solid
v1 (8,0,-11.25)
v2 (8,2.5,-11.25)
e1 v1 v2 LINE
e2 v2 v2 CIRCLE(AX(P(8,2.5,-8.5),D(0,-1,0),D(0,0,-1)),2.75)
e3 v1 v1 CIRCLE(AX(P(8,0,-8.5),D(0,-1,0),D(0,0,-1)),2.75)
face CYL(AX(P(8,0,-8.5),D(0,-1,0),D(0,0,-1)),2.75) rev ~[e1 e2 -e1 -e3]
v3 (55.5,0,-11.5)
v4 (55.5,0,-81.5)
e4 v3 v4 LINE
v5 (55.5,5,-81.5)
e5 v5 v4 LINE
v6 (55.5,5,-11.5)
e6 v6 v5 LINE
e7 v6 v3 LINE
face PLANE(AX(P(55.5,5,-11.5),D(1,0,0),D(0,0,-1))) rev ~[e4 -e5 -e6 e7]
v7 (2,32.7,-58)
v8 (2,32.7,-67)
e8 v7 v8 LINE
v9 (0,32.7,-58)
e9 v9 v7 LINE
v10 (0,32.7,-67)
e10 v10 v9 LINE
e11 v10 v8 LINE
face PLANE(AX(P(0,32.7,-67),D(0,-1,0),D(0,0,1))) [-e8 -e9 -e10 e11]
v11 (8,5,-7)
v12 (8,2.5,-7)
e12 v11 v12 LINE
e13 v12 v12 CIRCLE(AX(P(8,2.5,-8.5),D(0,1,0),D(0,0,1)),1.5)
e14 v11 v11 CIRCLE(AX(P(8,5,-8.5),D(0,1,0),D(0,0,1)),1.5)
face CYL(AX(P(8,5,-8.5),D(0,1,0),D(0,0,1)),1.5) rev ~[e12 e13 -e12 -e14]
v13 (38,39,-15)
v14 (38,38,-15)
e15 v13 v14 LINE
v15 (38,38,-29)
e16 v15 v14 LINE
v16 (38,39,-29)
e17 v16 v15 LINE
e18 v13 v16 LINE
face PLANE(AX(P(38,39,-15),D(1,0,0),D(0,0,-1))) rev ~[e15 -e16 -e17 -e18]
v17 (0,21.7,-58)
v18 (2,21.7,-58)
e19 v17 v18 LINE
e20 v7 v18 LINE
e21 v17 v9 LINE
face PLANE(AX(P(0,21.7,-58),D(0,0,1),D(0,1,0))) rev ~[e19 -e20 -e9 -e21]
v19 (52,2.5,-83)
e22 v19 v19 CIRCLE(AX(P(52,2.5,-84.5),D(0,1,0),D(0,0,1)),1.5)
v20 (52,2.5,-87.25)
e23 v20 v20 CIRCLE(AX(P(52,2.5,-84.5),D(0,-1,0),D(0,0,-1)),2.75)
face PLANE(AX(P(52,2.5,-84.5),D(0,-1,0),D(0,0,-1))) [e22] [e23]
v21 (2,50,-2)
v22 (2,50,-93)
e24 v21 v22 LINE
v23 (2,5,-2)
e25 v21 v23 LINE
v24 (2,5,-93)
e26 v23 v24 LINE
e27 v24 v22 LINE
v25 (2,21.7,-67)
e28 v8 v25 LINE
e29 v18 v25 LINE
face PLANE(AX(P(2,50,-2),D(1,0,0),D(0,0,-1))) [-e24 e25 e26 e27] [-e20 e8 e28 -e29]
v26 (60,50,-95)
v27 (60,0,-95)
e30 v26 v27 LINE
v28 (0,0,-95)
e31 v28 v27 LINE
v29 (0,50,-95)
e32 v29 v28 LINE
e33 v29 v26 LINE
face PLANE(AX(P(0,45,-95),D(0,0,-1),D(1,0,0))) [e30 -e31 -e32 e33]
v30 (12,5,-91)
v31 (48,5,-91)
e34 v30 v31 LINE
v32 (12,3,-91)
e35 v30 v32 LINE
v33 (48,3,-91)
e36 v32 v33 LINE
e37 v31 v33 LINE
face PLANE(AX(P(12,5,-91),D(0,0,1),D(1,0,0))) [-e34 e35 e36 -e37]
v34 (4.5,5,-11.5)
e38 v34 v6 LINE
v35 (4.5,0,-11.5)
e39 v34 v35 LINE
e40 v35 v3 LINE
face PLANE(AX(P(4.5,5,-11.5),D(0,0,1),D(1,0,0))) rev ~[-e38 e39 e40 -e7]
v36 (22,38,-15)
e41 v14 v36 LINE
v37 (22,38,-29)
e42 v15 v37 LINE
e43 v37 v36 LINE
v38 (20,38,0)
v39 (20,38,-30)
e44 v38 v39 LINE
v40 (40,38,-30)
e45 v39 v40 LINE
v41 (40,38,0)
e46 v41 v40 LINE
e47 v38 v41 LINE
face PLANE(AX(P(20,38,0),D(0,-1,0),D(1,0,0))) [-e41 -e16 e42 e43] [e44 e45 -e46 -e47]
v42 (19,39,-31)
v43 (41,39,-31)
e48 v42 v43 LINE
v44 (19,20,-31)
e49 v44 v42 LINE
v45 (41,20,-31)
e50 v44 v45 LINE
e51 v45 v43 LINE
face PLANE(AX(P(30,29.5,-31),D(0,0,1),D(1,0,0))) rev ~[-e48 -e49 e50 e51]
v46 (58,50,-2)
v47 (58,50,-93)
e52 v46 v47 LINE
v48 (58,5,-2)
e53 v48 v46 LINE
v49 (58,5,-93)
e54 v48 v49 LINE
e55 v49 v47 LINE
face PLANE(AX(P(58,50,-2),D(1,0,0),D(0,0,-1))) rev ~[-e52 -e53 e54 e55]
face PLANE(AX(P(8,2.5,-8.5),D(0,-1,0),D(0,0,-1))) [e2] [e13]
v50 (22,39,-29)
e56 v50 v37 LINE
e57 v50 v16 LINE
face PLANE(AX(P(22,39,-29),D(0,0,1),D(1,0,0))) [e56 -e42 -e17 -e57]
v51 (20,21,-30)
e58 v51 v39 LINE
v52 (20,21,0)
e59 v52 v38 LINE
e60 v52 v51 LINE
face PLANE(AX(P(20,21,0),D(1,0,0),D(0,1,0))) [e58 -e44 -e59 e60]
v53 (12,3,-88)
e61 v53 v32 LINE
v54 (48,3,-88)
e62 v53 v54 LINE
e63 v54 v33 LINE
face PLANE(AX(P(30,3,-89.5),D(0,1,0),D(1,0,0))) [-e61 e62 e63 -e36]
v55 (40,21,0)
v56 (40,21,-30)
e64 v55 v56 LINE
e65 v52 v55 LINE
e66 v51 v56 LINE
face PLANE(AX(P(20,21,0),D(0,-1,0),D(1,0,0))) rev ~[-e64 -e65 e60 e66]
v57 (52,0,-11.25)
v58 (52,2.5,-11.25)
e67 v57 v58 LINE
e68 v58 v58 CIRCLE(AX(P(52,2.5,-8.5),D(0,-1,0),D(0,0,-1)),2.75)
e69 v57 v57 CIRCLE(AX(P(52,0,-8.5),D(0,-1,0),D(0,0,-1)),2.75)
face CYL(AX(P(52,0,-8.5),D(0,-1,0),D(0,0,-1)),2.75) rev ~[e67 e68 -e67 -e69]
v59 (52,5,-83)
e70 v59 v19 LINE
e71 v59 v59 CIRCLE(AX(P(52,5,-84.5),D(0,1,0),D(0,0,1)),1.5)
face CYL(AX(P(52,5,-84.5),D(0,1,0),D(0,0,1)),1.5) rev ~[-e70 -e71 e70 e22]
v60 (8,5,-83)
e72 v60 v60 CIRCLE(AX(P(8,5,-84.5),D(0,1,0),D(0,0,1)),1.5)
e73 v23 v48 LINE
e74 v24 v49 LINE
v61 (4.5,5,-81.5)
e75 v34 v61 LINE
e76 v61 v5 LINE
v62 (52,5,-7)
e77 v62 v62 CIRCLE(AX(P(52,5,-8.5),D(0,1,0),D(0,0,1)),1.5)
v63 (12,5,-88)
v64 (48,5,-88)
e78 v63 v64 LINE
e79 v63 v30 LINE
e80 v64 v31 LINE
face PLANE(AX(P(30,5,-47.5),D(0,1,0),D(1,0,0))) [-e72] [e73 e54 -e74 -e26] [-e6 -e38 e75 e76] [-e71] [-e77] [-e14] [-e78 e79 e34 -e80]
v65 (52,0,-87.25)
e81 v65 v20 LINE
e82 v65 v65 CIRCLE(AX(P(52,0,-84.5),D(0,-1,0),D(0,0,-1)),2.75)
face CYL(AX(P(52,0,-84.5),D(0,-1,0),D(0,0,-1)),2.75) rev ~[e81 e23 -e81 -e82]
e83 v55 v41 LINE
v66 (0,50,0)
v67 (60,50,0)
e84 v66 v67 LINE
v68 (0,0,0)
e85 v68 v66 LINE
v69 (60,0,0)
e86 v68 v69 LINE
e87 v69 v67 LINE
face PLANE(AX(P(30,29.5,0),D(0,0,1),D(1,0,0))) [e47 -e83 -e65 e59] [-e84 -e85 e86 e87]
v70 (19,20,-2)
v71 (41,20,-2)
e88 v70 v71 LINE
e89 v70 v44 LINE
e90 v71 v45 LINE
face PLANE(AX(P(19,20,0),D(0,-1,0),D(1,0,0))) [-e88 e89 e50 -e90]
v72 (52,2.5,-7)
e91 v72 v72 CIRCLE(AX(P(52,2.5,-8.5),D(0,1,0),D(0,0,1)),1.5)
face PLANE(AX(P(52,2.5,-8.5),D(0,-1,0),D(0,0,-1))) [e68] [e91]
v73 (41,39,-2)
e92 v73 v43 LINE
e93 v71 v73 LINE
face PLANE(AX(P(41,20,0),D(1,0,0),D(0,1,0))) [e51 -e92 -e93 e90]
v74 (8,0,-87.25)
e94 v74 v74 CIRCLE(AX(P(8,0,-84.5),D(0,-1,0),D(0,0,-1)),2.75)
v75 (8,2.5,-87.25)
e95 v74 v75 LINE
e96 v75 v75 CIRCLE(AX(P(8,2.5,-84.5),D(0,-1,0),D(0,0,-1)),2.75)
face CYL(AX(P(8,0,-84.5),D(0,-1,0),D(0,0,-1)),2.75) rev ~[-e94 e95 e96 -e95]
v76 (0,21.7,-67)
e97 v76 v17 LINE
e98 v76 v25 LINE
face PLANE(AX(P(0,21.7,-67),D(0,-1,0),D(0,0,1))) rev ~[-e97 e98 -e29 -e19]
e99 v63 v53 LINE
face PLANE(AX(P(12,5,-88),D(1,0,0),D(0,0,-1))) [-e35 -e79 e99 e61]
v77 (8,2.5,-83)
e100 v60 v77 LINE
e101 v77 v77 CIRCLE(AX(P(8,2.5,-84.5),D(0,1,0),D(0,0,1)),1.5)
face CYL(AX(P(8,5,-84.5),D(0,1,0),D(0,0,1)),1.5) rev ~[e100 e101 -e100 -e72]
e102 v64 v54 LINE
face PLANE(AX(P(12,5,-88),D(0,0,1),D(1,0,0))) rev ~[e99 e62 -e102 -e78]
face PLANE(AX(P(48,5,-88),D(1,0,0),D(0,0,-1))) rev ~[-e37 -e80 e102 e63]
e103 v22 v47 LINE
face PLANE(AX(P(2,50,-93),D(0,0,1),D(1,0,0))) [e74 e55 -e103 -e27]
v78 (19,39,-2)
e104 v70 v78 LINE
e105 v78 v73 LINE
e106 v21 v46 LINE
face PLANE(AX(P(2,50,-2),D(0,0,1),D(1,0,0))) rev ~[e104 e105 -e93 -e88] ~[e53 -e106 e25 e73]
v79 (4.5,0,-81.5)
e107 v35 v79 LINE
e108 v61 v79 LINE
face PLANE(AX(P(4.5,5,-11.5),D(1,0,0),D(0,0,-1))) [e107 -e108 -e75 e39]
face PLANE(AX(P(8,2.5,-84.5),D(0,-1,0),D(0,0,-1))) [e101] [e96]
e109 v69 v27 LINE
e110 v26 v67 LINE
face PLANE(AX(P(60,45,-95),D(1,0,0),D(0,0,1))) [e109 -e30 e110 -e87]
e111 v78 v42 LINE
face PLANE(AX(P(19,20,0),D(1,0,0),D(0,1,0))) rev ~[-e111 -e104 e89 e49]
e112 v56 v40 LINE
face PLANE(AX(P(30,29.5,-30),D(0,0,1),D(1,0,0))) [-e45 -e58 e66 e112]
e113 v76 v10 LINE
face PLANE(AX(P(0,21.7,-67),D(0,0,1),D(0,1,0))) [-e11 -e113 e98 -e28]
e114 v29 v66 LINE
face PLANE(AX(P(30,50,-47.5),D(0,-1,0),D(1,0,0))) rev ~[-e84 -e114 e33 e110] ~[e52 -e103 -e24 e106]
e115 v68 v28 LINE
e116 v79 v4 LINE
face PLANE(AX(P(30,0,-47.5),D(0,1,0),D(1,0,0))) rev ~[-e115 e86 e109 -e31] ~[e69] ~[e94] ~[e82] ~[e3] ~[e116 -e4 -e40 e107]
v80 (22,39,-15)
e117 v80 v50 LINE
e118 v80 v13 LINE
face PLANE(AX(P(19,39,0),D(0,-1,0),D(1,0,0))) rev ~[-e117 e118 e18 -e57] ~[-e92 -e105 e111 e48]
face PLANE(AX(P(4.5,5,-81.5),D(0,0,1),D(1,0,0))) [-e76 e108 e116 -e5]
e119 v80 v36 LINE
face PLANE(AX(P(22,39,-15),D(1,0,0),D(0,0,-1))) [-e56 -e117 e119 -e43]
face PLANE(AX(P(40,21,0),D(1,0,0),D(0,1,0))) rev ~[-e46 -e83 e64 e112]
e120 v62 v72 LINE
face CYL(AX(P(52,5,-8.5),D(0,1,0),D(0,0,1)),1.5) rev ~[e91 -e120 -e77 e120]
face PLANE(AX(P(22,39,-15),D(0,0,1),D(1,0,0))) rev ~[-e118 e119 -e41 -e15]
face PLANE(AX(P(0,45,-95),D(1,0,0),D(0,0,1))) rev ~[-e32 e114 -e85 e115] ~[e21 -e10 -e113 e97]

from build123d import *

# Parameters (mm, degrees)
SKETCH_2_W          = 60
SKETCH_2_H          = 95
EXTRUDE_1_DEPTH     = 45
SKETCH_3_W          = 56
SKETCH_3_H          = 91
CUT_EXTRUDE_1_DEPTH = 40
SKETCH_5_W          = 51
SKETCH_5_H          = 70
CUT_EXTRUDE_2_DEPTH = 5
SKETCH_6_R          = 1.5
CUT_EXTRUDE_3_DEPTH = 5
SKETCH_8_R          = 2.75
CUT_EXTRUDE_4_DEPTH = 2.5
SKETCH_10_W         = 36
SKETCH_10_H         = 3
CUT_EXTRUDE_5_DEPTH = 2
SKETCH_11_W         = 60
SKETCH_11_H         = 95
EXTRUDE_2_DEPTH     = 5
SKETCH_12_W         = 56
SKETCH_12_H         = 91
CUT_EXTRUDE_6_DEPTH = 5
SKETCH_13_W         = 9
SKETCH_13_H         = 11
CUT_EXTRUDE_7_DEPTH = 5
SKETCH_14_W         = 22
SKETCH_14_H         = 19
EXTRUDE_3_DEPTH     = 31
SKETCH_15_W         = 20
SKETCH_15_H         = 17
CUT_EXTRUDE_8_DEPTH = 30
SKETCH_16_W         = 16
SKETCH_16_H         = 14
CUT_EXTRUDE_9_DEPTH = 2


with BuildPart() as part:
    # 草圖2 → 填料-伸長1 (new body)
    with BuildSketch(Plane(origin=(0, 0, 0), x_dir=(1, 0, 0), z_dir=(0, 1, 0))):
        with Locations((30, 47.5)):
            Rectangle(SKETCH_2_W, SKETCH_2_H)
    extrude(amount=EXTRUDE_1_DEPTH)

    # 草圖3 → 除料-伸長1 (cut)
    with BuildSketch(Plane(origin=(0, 45, 0), x_dir=(1, 0, 0), z_dir=(0, 1, 0))):
        with Locations((30, 47.5)):
            Rectangle(SKETCH_3_W, SKETCH_3_H)
    extrude(amount=-CUT_EXTRUDE_1_DEPTH, mode=Mode.SUBTRACT)

    # 草圖5 → 除料-伸長2 (cut)
    with BuildSketch(Plane(origin=(0, 5, 0), x_dir=(1, 0, 0), z_dir=(0, 1, 0))):
        with Locations((30, 46.5)):
            Rectangle(SKETCH_5_W, SKETCH_5_H)
    extrude(amount=-CUT_EXTRUDE_2_DEPTH, mode=Mode.SUBTRACT)

    # 草圖6 → 除料-伸長3 (cut)
    with BuildSketch(Plane(origin=(0, 5, 0), x_dir=(1, 0, 0), z_dir=(0, 1, 0))):
        with Locations(Location((8, 8.5, 0), (0, 0, 270))):  # turned: the seam where the file's is
            Circle(SKETCH_6_R)
        with Locations(Location((52, 8.5, 0), (0, 0, 270))):  # turned: the seam where the file's is
            Circle(SKETCH_6_R)
        with Locations(Location((8, 84.5, 0), (0, 0, 270))):  # turned: the seam where the file's is
            Circle(SKETCH_6_R)
        with Locations(Location((52, 84.5, 0), (0, 0, 270))):  # turned: the seam where the file's is
            Circle(SKETCH_6_R)
    extrude(amount=-CUT_EXTRUDE_3_DEPTH, mode=Mode.SUBTRACT)

    # 草圖8 → 除料-伸長4 (cut)
    with BuildSketch(Plane(origin=(0, 0, 0), x_dir=(-1, 0, 0), z_dir=(0, -1, 0))):
        with Locations(Location((-8, 84.5, 0), (0, 0, 90))):  # turned: the seam where the file's is
            Circle(SKETCH_8_R)
        with Locations(Location((-8, 8.5, 0), (0, 0, 90))):  # turned: the seam where the file's is
            Circle(SKETCH_8_R)
        with Locations(Location((-52, 8.5, 0), (0, 0, 90))):  # turned: the seam where the file's is
            Circle(SKETCH_8_R)
        with Locations(Location((-52, 84.5, 0), (0, 0, 90))):  # turned: the seam where the file's is
            Circle(SKETCH_8_R)
    extrude(amount=-CUT_EXTRUDE_4_DEPTH, mode=Mode.SUBTRACT)

    # 草圖10 → 除料-伸長5 (cut)
    with BuildSketch(Plane(origin=(0, 5, 0), x_dir=(1, 0, 0), z_dir=(0, 1, 0))):
        with Locations((30, 89.5)):
            Rectangle(SKETCH_10_W, SKETCH_10_H)
    extrude(amount=-CUT_EXTRUDE_5_DEPTH, mode=Mode.SUBTRACT)

    # 草圖11 → 填料-伸長2 (add)
    with BuildSketch(Plane.XZ.offset(-45)):
        with Locations((30, -47.5)):
            Rectangle(SKETCH_11_W, SKETCH_11_H)
    extrude(amount=-EXTRUDE_2_DEPTH)

    # 草圖12 → 除料-伸長6 (cut)
    with BuildSketch(Plane(origin=(0, 50, 0), x_dir=(1, 0, 0), z_dir=(0, 1, 0))):
        with Locations((30, 47.5)):
            Rectangle(SKETCH_12_W, SKETCH_12_H)
    extrude(amount=-CUT_EXTRUDE_6_DEPTH, mode=Mode.SUBTRACT)

    # 草圖13 → 除料-伸長7 (cut)
    with BuildSketch(Plane.ZY):
        with Locations((-62.5, 27.2)):
            Rectangle(SKETCH_13_W, SKETCH_13_H)
    extrude(amount=-CUT_EXTRUDE_7_DEPTH, mode=Mode.SUBTRACT)

    # 草圖14 → 填料-伸長3 (add)
    with BuildSketch(Plane.XY):
        with Locations((30, 29.5)):
            Rectangle(SKETCH_14_W, SKETCH_14_H)
    extrude(amount=-EXTRUDE_3_DEPTH)

    # 草圖15 → 除料-伸長8 (cut)
    with BuildSketch(Plane.XY):
        with Locations((30, 29.5)):
            Rectangle(SKETCH_15_W, SKETCH_15_H)
    extrude(amount=-CUT_EXTRUDE_8_DEPTH, mode=Mode.SUBTRACT)

    # 草圖16 → 除料-伸長9 (cut)
    with BuildSketch(Plane(origin=(0, 39, 0), x_dir=(1, 0, 0), z_dir=(0, 1, 0))):
        with Locations((30, 22)):
            Rectangle(SKETCH_16_W, SKETCH_16_H)
    extrude(amount=-CUT_EXTRUDE_9_DEPTH, mode=Mode.SUBTRACT)


solid = part.part
